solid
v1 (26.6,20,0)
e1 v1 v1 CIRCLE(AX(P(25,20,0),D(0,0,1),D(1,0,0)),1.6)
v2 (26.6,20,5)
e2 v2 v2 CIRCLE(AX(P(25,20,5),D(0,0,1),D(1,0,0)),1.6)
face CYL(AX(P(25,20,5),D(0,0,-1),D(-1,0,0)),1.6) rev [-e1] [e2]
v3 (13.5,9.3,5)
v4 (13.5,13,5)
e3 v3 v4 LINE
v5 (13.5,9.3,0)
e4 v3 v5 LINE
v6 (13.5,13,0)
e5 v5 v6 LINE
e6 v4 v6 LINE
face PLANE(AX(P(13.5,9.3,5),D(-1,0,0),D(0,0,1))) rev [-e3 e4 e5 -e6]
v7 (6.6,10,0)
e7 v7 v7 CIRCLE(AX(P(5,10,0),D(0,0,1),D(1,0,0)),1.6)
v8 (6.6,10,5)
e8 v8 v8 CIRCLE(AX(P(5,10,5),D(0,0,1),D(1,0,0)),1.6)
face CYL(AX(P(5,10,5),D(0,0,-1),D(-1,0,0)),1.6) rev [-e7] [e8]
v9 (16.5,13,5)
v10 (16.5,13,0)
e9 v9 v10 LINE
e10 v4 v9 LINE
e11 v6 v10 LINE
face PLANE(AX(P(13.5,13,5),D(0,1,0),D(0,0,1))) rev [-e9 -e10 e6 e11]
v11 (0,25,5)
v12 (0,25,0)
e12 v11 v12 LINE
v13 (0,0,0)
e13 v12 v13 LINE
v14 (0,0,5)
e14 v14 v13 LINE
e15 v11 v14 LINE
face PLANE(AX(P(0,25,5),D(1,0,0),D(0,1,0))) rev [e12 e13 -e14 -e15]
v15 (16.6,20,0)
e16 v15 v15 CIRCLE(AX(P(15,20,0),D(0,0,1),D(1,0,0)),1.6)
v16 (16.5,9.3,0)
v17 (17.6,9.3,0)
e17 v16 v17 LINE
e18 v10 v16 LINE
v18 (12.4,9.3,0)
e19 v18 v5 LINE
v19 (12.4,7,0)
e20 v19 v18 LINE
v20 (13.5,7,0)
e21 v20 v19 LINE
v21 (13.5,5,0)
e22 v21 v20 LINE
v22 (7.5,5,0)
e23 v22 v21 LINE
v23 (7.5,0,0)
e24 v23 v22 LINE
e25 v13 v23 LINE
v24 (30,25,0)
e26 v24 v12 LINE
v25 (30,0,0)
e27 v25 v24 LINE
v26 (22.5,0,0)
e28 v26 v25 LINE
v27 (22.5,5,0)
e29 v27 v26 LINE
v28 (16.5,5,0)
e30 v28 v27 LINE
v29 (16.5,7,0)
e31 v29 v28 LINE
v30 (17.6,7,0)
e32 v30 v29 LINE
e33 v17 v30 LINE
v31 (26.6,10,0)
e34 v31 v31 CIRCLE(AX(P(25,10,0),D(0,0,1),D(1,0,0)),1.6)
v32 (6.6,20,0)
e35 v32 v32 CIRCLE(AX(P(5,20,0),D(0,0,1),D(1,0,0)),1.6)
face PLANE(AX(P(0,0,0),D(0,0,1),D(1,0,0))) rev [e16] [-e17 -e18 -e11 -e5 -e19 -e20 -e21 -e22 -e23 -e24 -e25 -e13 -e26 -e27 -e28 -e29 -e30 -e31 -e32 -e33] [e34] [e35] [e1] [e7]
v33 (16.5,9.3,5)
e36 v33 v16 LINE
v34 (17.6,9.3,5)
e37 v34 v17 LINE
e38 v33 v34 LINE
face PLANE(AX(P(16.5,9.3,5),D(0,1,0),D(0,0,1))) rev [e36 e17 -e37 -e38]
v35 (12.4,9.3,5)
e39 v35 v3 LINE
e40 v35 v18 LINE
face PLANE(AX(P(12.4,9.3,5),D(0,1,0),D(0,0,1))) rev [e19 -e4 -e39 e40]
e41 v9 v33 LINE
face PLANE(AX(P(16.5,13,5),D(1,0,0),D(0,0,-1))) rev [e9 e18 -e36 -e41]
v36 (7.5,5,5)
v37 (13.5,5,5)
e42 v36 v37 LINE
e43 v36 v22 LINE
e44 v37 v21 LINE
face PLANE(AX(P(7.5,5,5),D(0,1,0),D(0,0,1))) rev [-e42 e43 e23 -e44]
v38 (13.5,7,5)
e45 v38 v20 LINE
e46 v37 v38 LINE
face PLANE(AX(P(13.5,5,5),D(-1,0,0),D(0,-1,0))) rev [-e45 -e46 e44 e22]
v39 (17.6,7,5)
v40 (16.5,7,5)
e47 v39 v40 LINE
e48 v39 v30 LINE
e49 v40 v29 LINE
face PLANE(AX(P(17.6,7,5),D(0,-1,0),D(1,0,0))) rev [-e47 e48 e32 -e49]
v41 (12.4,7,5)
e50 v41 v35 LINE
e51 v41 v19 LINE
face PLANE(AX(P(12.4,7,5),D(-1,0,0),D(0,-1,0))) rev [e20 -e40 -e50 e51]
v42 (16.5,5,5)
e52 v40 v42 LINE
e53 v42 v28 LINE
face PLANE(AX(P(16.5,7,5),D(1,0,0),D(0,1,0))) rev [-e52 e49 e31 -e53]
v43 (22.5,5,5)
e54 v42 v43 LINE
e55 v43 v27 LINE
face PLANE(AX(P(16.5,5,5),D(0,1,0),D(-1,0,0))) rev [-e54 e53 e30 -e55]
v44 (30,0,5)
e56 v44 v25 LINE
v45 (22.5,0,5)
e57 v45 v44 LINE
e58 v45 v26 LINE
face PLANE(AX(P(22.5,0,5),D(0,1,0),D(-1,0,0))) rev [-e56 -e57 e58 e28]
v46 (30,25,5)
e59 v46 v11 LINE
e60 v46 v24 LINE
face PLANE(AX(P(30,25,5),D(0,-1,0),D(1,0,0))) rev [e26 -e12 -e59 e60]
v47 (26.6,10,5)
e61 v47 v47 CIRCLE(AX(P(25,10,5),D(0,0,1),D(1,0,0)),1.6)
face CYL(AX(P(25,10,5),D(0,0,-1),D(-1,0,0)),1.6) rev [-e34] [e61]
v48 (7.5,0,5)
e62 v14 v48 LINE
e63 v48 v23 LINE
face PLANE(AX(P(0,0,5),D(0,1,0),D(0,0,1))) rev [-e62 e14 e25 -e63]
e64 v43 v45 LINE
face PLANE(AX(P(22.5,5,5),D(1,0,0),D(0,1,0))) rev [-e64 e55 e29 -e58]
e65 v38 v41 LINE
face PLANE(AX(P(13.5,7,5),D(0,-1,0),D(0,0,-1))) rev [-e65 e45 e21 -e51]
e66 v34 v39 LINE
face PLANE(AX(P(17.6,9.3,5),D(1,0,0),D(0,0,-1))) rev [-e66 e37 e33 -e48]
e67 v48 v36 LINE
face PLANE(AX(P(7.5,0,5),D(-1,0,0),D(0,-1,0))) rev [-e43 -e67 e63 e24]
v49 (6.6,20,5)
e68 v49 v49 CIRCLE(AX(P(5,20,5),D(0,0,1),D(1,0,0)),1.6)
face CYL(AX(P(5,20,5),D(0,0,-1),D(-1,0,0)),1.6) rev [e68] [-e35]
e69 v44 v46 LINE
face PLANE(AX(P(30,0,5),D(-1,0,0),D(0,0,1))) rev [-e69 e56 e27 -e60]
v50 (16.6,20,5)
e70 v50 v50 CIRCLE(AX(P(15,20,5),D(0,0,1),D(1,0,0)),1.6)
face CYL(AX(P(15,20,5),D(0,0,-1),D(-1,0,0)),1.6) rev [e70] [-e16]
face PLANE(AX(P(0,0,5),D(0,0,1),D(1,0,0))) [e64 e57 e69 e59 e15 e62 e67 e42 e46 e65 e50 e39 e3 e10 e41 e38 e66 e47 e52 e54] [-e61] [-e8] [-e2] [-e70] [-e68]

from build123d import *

# Parameters (mm, degrees)
ESQUISSE1_R        = 1.6
BOSS_EXTRU_1_DEPTH = 5


with BuildPart() as part:
    # Esquisse1 → Boss.-Extru.1 (new body)
    with BuildSketch(Plane.XY):
        Polygon((0, 0), (7.5, 0), (7.5, 5), (13.5, 5), (13.5, 7), (12.4, 7), (12.4, 9.3), (13.5, 9.3), (13.5, 13), (16.5, 13), (16.5, 9.3), (17.6, 9.3), (17.6, 7), (16.5, 7), (16.5, 5), (22.5, 5), (22.5, 0), (30, 0), (30, 25), (0, 25), align=None)
        with Locations((5, 10)):
            Circle(ESQUISSE1_R, mode=Mode.SUBTRACT)
        with Locations((5, 20)):
            Circle(ESQUISSE1_R, mode=Mode.SUBTRACT)
        with Locations((25, 10)):
            Circle(ESQUISSE1_R, mode=Mode.SUBTRACT)
        with Locations((15, 20)):
            Circle(ESQUISSE1_R, mode=Mode.SUBTRACT)
        with Locations((25, 20)):
            Circle(ESQUISSE1_R, mode=Mode.SUBTRACT)
    extrude(amount=BOSS_EXTRU_1_DEPTH)


solid = part.part
